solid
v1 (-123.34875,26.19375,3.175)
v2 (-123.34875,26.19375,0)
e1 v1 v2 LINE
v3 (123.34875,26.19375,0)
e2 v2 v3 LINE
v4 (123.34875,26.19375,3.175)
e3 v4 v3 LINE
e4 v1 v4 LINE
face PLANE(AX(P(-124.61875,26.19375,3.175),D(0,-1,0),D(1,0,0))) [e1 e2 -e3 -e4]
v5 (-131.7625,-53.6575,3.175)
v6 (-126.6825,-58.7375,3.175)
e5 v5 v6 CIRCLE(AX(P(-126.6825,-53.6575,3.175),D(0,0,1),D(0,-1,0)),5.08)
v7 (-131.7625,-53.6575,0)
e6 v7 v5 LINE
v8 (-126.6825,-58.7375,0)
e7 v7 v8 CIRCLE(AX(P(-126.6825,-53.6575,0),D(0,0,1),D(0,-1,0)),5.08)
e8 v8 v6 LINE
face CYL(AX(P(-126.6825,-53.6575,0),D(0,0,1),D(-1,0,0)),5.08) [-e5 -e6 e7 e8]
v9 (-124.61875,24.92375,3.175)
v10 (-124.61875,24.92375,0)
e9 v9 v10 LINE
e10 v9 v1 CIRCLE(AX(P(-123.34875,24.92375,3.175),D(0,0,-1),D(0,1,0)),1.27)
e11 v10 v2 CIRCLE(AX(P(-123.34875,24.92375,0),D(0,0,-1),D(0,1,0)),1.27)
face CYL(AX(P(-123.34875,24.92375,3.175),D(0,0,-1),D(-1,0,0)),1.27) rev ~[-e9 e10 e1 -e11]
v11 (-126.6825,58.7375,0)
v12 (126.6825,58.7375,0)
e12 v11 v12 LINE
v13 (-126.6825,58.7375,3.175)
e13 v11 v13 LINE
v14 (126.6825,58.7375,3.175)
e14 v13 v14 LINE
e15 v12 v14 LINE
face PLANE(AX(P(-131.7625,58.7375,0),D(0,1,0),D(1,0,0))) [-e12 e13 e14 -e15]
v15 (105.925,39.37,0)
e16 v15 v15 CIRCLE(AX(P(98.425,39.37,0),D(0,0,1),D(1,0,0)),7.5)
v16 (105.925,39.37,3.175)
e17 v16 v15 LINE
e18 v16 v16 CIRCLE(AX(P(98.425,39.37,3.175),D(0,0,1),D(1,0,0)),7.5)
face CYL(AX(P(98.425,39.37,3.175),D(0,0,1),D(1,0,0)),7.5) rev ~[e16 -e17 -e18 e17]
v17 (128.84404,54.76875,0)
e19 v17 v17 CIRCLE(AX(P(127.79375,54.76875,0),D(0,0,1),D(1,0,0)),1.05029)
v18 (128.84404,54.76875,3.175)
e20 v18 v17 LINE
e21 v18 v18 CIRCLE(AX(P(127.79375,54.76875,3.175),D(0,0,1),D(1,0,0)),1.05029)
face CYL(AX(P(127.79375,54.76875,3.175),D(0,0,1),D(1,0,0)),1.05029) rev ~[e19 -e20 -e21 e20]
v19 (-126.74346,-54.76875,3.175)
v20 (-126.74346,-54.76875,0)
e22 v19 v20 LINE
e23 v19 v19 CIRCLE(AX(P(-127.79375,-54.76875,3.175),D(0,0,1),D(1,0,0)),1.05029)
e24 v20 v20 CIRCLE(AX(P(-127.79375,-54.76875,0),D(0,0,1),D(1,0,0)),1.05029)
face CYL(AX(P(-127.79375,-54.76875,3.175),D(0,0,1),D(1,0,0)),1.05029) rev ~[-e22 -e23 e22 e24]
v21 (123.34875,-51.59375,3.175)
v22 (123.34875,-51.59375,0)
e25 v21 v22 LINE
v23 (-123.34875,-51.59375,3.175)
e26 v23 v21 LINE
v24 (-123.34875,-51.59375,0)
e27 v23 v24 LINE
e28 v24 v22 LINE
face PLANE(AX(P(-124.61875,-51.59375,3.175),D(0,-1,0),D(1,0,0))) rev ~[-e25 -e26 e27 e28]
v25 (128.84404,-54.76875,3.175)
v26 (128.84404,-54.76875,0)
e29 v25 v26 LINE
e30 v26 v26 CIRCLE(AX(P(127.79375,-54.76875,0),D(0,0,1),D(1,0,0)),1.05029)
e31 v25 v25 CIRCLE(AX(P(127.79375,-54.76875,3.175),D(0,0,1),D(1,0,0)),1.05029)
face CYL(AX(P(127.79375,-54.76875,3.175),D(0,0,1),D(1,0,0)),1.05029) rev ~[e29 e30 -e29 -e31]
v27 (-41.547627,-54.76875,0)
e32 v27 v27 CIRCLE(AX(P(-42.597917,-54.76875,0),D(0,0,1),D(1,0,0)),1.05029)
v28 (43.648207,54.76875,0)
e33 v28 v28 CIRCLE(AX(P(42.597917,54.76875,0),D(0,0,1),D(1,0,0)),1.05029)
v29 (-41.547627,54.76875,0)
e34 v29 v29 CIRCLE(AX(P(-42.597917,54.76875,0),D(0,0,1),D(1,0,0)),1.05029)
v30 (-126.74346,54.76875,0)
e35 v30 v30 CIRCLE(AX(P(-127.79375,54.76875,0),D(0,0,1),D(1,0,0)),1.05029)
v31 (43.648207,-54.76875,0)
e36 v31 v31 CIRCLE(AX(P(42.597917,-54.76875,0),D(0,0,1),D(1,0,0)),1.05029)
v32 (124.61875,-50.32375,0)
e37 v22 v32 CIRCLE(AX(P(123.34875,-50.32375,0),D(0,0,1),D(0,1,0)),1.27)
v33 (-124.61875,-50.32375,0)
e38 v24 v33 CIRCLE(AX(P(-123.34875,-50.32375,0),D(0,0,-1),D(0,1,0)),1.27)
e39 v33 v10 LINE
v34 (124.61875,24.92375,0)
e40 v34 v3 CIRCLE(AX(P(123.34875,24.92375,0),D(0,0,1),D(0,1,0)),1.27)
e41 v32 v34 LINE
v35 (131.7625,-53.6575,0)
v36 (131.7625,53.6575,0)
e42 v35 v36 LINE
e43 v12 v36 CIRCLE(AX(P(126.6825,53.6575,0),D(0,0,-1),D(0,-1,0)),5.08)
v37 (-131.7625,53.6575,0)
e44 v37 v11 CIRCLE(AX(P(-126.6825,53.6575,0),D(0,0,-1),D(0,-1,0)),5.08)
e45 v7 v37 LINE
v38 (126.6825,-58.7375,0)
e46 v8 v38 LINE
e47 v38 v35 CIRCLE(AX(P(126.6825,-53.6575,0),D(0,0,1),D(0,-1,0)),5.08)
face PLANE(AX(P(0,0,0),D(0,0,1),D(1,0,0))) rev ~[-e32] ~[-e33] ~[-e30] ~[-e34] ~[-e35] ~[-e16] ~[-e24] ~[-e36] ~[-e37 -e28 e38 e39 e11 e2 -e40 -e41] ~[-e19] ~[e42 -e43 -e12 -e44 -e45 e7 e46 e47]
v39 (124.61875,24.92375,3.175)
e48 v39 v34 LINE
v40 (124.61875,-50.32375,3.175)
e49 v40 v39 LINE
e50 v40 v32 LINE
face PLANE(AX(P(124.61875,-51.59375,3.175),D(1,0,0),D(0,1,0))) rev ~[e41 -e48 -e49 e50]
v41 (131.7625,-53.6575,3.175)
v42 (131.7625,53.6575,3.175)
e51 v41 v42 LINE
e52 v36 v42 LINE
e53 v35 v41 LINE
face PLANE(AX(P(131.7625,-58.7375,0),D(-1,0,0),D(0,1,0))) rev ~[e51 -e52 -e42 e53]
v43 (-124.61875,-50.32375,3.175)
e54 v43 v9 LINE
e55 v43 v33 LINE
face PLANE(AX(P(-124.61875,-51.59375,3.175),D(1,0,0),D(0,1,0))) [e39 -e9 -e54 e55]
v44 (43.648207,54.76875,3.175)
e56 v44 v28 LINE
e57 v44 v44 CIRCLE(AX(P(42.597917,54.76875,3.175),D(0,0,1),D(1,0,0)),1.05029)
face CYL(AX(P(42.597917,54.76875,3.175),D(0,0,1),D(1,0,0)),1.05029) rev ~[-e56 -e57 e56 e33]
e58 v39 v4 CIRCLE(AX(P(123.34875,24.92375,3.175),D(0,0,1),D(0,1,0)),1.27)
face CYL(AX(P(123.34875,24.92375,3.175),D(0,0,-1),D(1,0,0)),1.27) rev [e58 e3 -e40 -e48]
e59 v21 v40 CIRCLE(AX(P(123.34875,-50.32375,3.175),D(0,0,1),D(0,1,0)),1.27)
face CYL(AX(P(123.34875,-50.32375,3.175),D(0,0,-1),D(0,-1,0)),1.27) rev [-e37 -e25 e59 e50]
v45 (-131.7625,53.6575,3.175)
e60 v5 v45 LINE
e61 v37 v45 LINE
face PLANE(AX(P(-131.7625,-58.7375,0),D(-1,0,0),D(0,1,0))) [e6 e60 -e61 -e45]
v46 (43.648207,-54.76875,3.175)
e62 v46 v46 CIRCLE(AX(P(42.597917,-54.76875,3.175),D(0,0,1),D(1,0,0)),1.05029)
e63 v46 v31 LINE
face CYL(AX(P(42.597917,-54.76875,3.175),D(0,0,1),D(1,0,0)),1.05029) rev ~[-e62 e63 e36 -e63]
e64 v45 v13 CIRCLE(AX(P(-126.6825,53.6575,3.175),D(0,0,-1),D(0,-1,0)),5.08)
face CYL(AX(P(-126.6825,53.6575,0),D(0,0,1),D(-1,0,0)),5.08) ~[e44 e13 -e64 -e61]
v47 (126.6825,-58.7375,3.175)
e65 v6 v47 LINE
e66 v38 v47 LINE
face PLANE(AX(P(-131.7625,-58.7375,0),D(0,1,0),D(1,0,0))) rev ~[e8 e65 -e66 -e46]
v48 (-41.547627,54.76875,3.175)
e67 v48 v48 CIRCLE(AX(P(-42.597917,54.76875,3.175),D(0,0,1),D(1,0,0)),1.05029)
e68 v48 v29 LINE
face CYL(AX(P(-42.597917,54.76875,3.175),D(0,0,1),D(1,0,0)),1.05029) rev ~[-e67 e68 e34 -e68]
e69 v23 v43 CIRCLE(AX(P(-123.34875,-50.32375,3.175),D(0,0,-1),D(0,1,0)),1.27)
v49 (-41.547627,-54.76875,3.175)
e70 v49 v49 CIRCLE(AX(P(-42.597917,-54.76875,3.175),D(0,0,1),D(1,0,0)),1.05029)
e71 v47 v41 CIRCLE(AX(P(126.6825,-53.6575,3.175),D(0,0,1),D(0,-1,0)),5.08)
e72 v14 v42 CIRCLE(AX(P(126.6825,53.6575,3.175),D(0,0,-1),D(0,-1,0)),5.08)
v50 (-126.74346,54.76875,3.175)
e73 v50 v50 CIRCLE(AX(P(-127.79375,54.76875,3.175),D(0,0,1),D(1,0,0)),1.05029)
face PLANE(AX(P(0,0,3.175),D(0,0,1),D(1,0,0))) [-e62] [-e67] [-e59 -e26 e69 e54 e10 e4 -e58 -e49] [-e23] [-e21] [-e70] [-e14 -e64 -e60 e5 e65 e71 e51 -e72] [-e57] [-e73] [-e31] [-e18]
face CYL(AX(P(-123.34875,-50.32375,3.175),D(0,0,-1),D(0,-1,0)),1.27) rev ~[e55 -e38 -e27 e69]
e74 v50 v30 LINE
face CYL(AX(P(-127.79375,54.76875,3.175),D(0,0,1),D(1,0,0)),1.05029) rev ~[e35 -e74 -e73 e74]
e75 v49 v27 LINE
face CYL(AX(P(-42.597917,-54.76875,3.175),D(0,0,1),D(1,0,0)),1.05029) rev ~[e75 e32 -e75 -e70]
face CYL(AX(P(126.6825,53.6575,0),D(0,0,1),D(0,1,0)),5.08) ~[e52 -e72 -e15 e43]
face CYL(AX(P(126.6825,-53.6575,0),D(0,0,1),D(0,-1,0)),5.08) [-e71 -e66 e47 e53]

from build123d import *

# Parameters (mm, degrees)
SKETCH_W        = 263.525
SKETCH_H        = 117.475
PAD_DEPTH       = 3.175
SKETCH002_W     = 249.2375
SKETCH002_H     = 77.7875
POCKET_DEPTH    = 3.176
SKETCH003_R     = 7.5
POCKET001_DEPTH = 3.176
SKETCH001_R     = 1.05029
HOLE_DEPTH      = 3.176
FILLET_R        = 5.08
FILLET001_R     = 1.27


with BuildPart() as part:
    # Sketch → Pad (new body)
    with BuildSketch(Plane.XY):
        Rectangle(SKETCH_W, SKETCH_H)
    extrude(amount=PAD_DEPTH)

    # Sketch002 (on Face6 of Pad) → Pocket (cut, through all)
    with BuildSketch(Plane.XY.offset(3.175)):
        with Locations((0, -12.7)):
            Rectangle(SKETCH002_W, SKETCH002_H)
    extrude(amount=-POCKET_DEPTH, mode=Mode.SUBTRACT)

    # Sketch003 (on Face5 of Pocket) → Pocket001 (cut, through all)
    with BuildSketch(Plane.XY.offset(3.175)):
        with Locations((98.425, 39.37)):
            Circle(SKETCH003_R)
    extrude(amount=-POCKET001_DEPTH, mode=Mode.SUBTRACT)

    # Sketch001 (on Face6 of Pad) → Hole (cut, through all)
    with BuildSketch(Plane.XY.offset(3.175)):
        with Locations((-42.597917, 54.76875)):
            Circle(SKETCH001_R)
        with Locations((42.597917, 54.76875)):
            Circle(SKETCH001_R)
        with Locations((42.597917, -54.76875)):
            Circle(SKETCH001_R)
        with Locations((-42.597917, -54.76875)):
            Circle(SKETCH001_R)
        with Locations((-127.79375, -54.76875)):
            Circle(SKETCH001_R)
        with Locations((-127.79375, 54.76875)):
            Circle(SKETCH001_R)
        with Locations((127.79375, 54.76875)):
            Circle(SKETCH001_R)
        with Locations((127.79375, -54.76875)):
            Circle(SKETCH001_R)
    extrude(amount=-HOLE_DEPTH, mode=Mode.SUBTRACT)

    # Fillet
    fillet_edges = [part.edges().sort_by_distance(p)[0] for p in [
        (-131.7625, 58.7375, 1.5875),
        (-131.7625, -58.7375, 1.5875),
        (131.7625, -58.7375, 1.5875),
        (131.7625, 58.7375, 1.5875),
    ]]
    fillet(fillet_edges, radius=FILLET_R)

    # Fillet001
    fillet001_edges = [part.edges().sort_by_distance(p)[0] for p in [
        (-124.61875, -51.59375, 1.5875),
        (-124.61875, 26.19375, 1.5875),
        (124.61875, 26.19375, 1.5875),
        (124.61875, -51.59375, 1.5875),
    ]]
    fillet(fillet001_edges, radius=FILLET001_R)


solid = part.part
